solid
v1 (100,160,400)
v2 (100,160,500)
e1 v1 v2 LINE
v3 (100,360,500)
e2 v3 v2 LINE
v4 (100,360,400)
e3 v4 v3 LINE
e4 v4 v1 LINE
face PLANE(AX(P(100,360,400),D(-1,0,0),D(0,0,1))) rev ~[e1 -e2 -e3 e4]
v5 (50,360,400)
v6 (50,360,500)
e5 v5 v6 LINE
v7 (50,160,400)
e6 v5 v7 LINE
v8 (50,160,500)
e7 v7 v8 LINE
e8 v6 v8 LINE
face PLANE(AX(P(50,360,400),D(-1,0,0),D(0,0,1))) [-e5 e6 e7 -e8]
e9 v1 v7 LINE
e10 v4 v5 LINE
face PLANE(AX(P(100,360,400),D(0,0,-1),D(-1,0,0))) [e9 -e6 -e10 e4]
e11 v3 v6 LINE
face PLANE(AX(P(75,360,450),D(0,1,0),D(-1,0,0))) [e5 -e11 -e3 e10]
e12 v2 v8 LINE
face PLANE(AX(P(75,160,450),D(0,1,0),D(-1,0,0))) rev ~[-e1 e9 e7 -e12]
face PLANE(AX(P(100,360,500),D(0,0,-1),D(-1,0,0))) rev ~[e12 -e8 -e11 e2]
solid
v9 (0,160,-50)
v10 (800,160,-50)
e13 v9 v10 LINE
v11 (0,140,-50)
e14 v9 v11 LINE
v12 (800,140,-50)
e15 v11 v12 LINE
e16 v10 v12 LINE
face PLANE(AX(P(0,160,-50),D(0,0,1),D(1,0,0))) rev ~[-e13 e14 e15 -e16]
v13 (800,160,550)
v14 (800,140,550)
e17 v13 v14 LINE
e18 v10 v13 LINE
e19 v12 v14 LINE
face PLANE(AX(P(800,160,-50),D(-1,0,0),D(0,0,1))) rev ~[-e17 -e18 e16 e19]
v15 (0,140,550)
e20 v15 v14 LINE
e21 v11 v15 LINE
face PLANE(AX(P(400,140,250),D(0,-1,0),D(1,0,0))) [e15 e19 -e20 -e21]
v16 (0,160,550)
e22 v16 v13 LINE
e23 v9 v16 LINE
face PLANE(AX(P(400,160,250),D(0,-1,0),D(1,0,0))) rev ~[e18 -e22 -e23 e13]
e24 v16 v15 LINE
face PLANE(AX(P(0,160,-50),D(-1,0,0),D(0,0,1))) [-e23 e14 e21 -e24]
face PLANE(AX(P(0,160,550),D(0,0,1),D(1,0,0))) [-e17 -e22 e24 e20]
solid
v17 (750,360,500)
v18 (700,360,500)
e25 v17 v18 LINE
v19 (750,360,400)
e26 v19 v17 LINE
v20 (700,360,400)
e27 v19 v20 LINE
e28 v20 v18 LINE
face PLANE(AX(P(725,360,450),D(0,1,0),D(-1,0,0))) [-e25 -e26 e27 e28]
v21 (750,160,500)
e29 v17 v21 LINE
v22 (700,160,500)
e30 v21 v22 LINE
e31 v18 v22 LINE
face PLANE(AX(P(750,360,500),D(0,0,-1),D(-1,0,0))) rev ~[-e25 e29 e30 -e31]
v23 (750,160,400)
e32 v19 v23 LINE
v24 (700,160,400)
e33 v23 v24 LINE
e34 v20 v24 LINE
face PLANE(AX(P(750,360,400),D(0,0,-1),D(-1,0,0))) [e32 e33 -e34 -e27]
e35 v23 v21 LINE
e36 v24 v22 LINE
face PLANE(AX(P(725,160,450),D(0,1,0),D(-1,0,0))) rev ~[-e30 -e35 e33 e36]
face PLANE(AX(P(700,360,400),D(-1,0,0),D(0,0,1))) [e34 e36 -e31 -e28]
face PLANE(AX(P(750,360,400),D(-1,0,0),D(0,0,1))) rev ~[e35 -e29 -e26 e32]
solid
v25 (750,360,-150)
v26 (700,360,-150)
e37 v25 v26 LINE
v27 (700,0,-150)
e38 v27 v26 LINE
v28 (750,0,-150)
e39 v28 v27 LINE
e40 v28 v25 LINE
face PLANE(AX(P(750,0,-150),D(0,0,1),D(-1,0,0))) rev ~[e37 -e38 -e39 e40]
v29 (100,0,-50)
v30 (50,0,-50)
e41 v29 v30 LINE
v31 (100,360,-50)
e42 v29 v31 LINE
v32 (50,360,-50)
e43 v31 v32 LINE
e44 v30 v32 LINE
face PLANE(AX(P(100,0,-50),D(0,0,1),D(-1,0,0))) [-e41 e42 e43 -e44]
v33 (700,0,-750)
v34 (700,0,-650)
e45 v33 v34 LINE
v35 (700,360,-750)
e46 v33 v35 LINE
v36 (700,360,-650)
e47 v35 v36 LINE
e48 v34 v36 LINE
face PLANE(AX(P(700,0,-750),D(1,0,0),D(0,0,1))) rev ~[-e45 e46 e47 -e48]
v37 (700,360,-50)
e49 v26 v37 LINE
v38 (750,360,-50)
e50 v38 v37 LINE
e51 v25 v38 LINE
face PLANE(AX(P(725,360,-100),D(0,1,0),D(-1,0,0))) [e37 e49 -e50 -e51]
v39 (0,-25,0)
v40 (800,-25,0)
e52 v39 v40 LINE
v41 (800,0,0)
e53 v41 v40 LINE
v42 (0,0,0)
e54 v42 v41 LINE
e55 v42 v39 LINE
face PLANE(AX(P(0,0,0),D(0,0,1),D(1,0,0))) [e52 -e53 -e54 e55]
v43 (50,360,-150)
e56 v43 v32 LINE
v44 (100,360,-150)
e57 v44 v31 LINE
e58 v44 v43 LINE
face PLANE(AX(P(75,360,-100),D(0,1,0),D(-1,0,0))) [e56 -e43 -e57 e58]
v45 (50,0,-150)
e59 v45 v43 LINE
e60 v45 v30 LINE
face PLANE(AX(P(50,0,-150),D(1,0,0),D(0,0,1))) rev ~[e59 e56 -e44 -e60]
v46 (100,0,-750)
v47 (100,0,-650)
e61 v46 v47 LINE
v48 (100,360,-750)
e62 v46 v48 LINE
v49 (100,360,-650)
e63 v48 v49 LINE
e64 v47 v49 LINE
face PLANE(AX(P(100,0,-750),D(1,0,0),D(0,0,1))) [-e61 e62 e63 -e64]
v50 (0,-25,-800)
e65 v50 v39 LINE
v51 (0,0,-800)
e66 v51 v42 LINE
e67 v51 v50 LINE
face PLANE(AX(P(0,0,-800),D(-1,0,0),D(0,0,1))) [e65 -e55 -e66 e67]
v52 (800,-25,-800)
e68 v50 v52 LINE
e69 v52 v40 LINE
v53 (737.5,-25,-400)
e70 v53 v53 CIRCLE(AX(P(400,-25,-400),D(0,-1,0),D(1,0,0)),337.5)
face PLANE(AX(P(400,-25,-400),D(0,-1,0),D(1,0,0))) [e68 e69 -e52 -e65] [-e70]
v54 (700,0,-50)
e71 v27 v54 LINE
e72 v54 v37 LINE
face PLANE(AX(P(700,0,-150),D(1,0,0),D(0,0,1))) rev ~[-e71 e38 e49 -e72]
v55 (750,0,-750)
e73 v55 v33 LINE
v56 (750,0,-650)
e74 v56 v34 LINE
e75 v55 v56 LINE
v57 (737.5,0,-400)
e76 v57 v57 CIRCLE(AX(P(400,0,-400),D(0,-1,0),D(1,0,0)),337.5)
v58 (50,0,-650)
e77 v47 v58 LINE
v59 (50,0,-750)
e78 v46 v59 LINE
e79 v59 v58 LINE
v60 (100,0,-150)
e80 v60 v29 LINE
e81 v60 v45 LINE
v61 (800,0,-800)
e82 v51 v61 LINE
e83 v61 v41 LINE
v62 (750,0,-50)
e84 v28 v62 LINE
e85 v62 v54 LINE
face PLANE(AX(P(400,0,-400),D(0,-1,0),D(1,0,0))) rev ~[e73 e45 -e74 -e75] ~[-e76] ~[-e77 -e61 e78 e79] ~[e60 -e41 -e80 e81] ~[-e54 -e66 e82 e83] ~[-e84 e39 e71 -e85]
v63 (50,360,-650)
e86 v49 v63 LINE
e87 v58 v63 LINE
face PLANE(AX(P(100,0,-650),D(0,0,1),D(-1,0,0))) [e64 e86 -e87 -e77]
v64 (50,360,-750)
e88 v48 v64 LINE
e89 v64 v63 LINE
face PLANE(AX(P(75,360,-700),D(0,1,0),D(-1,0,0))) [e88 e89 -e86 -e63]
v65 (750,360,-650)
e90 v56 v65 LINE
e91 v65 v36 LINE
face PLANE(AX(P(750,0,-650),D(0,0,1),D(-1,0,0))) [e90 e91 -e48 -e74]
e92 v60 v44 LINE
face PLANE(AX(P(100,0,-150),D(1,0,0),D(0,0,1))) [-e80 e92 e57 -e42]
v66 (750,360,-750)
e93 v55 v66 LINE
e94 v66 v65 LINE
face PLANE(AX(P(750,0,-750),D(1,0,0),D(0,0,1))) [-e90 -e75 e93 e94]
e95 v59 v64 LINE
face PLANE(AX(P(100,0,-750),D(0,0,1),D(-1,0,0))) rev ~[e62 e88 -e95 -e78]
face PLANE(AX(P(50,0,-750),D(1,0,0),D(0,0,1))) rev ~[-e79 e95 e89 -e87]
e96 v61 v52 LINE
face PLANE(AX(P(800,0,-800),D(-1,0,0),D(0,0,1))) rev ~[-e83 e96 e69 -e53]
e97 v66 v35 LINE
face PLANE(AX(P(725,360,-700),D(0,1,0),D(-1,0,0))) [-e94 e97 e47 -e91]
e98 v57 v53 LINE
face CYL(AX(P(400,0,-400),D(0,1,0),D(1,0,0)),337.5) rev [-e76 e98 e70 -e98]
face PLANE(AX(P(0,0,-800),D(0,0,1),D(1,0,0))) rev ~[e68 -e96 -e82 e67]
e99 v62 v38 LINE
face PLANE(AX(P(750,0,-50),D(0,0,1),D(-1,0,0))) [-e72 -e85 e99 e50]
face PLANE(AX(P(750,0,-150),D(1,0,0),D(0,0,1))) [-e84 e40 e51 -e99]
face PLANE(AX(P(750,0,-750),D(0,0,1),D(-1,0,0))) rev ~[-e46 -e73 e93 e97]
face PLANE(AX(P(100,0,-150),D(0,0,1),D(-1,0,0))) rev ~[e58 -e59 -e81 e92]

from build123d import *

# Parameters (mm, degrees)
F0_W     = 800
F0_H     = 800
F0_R     = 337.5
F1_DEPTH = 25
F2_W     = 50
F2_H     = 100
F3_DEPTH = 360
F4_W     = 50
F4_H     = 100
F5_DEPTH = 200
F6_W     = 800
F6_H     = 600
F7_DEPTH = 20


with BuildPart() as f1:
    # F0 (on Front) → F1 (new body)
    with BuildSketch(Plane.XZ):
        with Locations((400, -400)):
            Rectangle(F0_W, F0_H)
        with Locations((400, -400)):
            Circle(F0_R, mode=Mode.SUBTRACT)
    extrude(amount=F1_DEPTH)

    # F2 (on face) → F3 (join)
    with BuildSketch(Plane(origin=(0, 0, 0), x_dir=(-1, 0, 0), z_dir=(0, 1, 0))):
        with Locations((-725, -100)):
            Rectangle(F2_W, F2_H)
        with Locations((-725, -700)):
            Rectangle(F2_W, F2_H)
        with Locations((-75, -100)):
            Rectangle(F2_W, F2_H)
        with Locations((-75, -700)):
            Rectangle(F2_W, F2_H)
    extrude(amount=F3_DEPTH)


with BuildPart() as f5:
    # F4 (on face) → F5 (new body)
    with BuildSketch(Plane(origin=(0, 360, 0), x_dir=(-1, 0, 0), z_dir=(0, 1, 0))):
        with Locations((-725, 450)):
            Rectangle(F4_W, F4_H)
        with Locations((-75, 450)):
            Rectangle(F4_W, F4_H)
    extrude(amount=-F5_DEPTH)


with BuildPart() as f7:
    # F6 (on face) → F7 (new body)
    with BuildSketch(Plane.XZ.offset(-160)):
        with Locations((400, 250)):
            Rectangle(F6_W, F6_H)
    extrude(amount=F7_DEPTH)


solid = Compound([f1.part, f5.part, f7.part])
